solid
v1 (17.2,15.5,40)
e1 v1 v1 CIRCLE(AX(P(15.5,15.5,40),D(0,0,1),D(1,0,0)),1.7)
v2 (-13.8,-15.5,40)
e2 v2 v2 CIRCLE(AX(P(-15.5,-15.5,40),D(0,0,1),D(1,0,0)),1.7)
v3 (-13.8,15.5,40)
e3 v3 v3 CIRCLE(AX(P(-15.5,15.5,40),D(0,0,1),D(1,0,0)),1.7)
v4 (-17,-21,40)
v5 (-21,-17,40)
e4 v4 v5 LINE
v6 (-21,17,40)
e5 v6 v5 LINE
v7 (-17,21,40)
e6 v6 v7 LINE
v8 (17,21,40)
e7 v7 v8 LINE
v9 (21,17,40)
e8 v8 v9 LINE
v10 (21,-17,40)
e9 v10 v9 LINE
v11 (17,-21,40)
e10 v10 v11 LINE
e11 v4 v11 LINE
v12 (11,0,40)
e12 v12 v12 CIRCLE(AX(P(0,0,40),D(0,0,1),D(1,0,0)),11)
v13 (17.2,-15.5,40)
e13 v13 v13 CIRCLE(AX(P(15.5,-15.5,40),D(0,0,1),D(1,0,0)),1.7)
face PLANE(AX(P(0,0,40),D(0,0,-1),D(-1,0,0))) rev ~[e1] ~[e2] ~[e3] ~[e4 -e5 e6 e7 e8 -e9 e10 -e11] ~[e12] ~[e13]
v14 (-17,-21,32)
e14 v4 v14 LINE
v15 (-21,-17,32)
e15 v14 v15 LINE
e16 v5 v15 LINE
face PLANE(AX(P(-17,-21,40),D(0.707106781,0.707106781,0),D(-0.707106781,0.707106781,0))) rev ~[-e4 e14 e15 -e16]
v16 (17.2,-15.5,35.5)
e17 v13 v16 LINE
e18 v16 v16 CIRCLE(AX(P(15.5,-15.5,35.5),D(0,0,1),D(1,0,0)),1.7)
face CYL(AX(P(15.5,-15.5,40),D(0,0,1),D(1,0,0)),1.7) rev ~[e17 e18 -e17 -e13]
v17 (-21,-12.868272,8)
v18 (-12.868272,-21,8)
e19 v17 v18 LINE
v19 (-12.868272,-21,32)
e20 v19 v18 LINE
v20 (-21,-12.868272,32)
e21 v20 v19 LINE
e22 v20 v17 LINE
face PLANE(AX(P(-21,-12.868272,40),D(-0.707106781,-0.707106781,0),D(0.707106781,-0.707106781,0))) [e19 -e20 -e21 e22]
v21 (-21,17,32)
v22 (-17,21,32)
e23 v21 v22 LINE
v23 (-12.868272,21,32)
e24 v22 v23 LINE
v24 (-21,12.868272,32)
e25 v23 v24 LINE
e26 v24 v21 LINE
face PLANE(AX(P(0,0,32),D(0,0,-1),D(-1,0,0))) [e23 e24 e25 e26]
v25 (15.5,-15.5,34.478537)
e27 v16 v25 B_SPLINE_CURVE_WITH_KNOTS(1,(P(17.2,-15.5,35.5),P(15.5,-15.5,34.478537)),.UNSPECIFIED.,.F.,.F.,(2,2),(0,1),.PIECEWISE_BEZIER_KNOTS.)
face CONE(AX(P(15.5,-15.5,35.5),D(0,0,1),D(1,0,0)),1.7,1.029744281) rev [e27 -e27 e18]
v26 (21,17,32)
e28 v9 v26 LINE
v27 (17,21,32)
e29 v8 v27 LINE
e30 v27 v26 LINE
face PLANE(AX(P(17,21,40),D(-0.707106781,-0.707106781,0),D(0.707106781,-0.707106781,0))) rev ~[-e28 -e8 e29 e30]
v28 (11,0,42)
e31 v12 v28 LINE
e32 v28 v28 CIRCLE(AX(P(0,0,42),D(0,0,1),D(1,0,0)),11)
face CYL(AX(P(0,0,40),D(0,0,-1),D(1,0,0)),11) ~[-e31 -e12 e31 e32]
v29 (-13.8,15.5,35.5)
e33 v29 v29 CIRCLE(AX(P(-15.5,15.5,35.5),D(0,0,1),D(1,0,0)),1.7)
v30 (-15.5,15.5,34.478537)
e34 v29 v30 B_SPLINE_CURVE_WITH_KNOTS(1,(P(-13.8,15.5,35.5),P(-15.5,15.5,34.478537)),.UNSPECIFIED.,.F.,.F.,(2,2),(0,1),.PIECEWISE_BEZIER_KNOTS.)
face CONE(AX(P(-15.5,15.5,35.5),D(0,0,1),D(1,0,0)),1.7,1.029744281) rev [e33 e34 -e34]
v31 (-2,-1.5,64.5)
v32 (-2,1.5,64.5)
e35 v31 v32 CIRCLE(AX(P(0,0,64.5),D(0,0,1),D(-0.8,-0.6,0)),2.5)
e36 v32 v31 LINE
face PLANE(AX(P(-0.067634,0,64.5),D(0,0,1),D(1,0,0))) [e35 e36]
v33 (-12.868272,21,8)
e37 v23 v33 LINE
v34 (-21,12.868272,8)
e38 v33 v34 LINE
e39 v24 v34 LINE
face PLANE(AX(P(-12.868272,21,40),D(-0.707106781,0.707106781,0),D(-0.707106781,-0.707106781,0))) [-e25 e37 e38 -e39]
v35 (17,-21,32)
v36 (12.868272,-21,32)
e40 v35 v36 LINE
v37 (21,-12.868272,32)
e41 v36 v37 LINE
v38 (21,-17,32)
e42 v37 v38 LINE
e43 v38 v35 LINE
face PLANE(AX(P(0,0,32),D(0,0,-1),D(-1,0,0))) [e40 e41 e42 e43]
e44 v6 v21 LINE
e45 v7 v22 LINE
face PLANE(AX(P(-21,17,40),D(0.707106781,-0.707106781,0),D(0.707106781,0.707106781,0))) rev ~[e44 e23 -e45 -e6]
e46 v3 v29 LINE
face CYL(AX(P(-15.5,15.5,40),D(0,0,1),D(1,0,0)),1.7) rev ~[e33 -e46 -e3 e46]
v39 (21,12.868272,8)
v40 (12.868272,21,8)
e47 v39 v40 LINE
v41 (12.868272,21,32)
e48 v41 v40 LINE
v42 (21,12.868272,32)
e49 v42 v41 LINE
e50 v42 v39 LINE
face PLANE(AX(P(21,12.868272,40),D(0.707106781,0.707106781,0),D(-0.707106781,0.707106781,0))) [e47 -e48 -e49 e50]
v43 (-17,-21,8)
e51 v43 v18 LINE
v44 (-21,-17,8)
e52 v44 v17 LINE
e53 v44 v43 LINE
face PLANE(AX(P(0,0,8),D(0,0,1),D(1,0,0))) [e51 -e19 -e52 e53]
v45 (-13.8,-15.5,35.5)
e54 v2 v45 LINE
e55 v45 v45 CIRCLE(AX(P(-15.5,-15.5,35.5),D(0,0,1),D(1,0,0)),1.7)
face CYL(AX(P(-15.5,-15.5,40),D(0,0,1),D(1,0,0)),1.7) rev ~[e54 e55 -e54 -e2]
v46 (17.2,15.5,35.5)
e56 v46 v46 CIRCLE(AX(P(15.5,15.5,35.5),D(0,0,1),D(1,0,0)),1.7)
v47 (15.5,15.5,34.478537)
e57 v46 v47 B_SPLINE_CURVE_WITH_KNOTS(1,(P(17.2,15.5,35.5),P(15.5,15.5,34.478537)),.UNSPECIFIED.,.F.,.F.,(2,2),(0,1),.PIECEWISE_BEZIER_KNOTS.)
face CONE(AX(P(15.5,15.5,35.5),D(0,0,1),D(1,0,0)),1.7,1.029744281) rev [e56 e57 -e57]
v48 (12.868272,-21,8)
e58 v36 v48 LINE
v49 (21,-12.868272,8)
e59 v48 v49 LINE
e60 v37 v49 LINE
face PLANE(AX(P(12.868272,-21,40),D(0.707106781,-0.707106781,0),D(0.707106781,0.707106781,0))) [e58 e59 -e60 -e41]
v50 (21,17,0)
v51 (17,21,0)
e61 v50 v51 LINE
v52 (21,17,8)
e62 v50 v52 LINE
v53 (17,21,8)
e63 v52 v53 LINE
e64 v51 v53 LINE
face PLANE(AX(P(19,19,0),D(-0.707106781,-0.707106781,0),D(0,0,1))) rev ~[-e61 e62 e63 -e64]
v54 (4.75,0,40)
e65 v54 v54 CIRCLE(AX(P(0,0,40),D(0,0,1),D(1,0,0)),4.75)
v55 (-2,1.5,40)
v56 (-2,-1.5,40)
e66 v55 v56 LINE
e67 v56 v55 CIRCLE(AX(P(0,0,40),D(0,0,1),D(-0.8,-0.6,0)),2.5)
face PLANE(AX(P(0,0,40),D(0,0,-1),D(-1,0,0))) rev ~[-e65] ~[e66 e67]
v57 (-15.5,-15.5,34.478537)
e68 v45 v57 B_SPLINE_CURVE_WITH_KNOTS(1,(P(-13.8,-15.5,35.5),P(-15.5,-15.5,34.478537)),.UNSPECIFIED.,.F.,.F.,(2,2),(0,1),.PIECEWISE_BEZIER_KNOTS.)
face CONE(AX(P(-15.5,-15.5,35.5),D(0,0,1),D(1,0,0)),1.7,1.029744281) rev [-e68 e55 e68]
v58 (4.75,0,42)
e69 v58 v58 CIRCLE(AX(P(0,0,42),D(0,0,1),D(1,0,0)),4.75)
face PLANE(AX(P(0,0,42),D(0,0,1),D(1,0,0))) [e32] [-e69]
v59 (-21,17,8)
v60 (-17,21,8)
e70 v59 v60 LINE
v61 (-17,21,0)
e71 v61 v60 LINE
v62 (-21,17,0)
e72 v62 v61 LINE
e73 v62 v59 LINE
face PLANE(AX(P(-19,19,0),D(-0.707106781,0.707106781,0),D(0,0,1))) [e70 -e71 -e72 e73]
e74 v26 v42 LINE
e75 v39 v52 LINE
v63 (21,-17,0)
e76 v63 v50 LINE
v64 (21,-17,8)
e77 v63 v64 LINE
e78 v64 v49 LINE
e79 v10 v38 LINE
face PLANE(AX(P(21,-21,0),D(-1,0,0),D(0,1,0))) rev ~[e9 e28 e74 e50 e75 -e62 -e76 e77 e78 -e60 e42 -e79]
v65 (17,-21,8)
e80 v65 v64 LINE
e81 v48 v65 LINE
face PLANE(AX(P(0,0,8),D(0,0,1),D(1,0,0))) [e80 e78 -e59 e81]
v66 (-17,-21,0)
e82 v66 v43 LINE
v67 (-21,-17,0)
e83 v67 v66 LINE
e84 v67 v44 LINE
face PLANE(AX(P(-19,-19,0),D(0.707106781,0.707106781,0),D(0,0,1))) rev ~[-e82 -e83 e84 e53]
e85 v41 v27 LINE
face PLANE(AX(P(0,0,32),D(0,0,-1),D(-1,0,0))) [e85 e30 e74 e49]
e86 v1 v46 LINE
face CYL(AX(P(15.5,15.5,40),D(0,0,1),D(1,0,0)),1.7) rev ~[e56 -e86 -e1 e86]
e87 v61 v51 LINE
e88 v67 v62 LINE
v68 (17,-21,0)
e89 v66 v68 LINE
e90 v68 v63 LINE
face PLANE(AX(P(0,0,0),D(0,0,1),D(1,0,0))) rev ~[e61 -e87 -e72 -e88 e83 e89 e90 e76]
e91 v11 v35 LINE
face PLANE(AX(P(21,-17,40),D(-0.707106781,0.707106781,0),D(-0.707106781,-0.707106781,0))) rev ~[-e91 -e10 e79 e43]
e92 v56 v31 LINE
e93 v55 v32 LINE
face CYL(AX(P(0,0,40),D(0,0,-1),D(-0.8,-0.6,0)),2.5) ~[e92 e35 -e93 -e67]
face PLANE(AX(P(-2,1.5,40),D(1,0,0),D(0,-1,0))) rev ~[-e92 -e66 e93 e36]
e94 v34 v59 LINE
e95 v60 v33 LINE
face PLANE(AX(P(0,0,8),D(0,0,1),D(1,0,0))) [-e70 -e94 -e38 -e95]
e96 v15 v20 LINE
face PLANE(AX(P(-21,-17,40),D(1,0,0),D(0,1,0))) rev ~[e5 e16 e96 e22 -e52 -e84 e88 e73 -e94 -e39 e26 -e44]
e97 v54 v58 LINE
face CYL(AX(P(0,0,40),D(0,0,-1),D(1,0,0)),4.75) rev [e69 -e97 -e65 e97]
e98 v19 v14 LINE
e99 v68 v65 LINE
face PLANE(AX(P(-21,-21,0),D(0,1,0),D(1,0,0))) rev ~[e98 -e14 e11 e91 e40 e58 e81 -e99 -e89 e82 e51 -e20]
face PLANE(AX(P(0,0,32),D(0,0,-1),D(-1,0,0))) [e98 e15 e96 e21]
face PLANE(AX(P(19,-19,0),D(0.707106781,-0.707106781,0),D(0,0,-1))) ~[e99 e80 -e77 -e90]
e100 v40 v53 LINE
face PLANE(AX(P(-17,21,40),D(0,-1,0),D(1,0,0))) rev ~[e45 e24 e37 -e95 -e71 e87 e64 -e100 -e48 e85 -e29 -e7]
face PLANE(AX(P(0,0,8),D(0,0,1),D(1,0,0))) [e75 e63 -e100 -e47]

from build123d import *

# Parameters (mm, degrees)
SKETCH_W      = 42
SKETCH_H      = 42
PAD_DEPTH     = 40
CHAMFER_SIZE  = 4
SKETCH001_W   = 44
SKETCH001_H   = 44
POCKET_DEPTH  = 32
PAD001_DEPTH  = 8
SKETCH003_R   = 11
SKETCH003_R_2 = 4.75
PAD002_DEPTH  = 2
PAD003_DEPTH  = 24.5
SKETCH005_R   = 1.7
HOLE_DEPTH    = 4.5
HOLE_TIPS_R   = 1.7


with BuildPart() as part:
    # Sketch → Pad (new body)
    with BuildSketch(Plane.XY):
        Rectangle(SKETCH_W, SKETCH_H)
    extrude(amount=PAD_DEPTH)

    # Chamfer
    chamfer_edges = [part.edges().sort_by_distance(p)[0] for p in [
        (21, -21, 20),
        (-21, -21, 20),
        (21, 21, 20),
        (-21, 21, 20),
    ]]
    chamfer(chamfer_edges, length=CHAMFER_SIZE)

    # Sketch001 (on Face5 of Chamfer) → Pocket (cut)
    with BuildSketch(Plane.XY.offset(40)):
        Rectangle(SKETCH001_W, SKETCH001_H)
        Polygon((-21, -12.868272), (-12.868272, -21), (12.868272, -21), (21, -12.868272), (21, 12.868272), (12.868272, 21), (-12.868272, 21), (-21, 12.868272), align=None, mode=Mode.SUBTRACT)
    extrude(amount=-POCKET_DEPTH, mode=Mode.SUBTRACT)

    # Sketch002 (on Face9 of Pocket) → Pad001 (join)
    with BuildSketch(Plane.XY.offset(40)):
        Polygon((-17, 21), (17, 21), (21, 17), (21, -17), (17, -21), (-17, -21), (-21, -17), (-21, 17), align=None)
    extrude(amount=-PAD001_DEPTH)

    # Sketch003 (on Face26 of Pad001) → Pad002 (join)
    with BuildSketch(Plane.XY.offset(40)):
        Circle(SKETCH003_R)
        Circle(SKETCH003_R_2, mode=Mode.SUBTRACT)
    extrude(amount=PAD002_DEPTH)

    # Sketch004 (on Face14 of Pad002) → Pad003 (join)
    with BuildSketch(Plane.XY.offset(40)):
        with BuildLine():
            ThreePointArc((-2, -1.5), (2.5, 0), (-2, 1.5))
            Line((-2, 1.5), (-2, -1.5))
        make_face()
    extrude(amount=PAD003_DEPTH)

    # Sketch005 (on Face14 of Pad003) → Hole (cut)
    with BuildSketch(Plane.XY.offset(40)):
        with Locations((-15.5, 15.5)):
            Circle(SKETCH005_R)
        with Locations((15.5, 15.5)):
            Circle(SKETCH005_R)
        with Locations((15.5, -15.5)):
            Circle(SKETCH005_R)
        with Locations((-15.5, -15.5)):
            Circle(SKETCH005_R)
    extrude(amount=-HOLE_DEPTH, mode=Mode.SUBTRACT)

    # Hole tips → Hole tip 1 section 0
    with BuildSketch(Plane.XY.offset(35.5), mode=Mode.PRIVATE) as hole_tip_1_s0:
        with Locations((-15.5, 15.5)):
            Circle(HOLE_TIPS_R)
    loft([hole_tip_1_s0.sketch, Vertex(-15.5, 15.5, 34.478537)], mode=Mode.SUBTRACT)

    # Hole tips → Hole tip 2 section 0
    with BuildSketch(Plane.XY.offset(35.5), mode=Mode.PRIVATE) as hole_tip_2_s0:
        with Locations((15.5, 15.5)):
            Circle(HOLE_TIPS_R)
    loft([hole_tip_2_s0.sketch, Vertex(15.5, 15.5, 34.478537)], mode=Mode.SUBTRACT)

    # Hole tips → Hole tip 3 section 0
    with BuildSketch(Plane.XY.offset(35.5), mode=Mode.PRIVATE) as hole_tip_3_s0:
        with Locations((15.5, -15.5)):
            Circle(HOLE_TIPS_R)
    loft([hole_tip_3_s0.sketch, Vertex(15.5, -15.5, 34.478537)], mode=Mode.SUBTRACT)

    # Hole tips → Hole tip 4 section 0
    with BuildSketch(Plane.XY.offset(35.5), mode=Mode.PRIVATE) as hole_tip_4_s0:
        with Locations((-15.5, -15.5)):
            Circle(HOLE_TIPS_R)
    loft([hole_tip_4_s0.sketch, Vertex(-15.5, -15.5, 34.478537)], mode=Mode.SUBTRACT)


solid = part.part
